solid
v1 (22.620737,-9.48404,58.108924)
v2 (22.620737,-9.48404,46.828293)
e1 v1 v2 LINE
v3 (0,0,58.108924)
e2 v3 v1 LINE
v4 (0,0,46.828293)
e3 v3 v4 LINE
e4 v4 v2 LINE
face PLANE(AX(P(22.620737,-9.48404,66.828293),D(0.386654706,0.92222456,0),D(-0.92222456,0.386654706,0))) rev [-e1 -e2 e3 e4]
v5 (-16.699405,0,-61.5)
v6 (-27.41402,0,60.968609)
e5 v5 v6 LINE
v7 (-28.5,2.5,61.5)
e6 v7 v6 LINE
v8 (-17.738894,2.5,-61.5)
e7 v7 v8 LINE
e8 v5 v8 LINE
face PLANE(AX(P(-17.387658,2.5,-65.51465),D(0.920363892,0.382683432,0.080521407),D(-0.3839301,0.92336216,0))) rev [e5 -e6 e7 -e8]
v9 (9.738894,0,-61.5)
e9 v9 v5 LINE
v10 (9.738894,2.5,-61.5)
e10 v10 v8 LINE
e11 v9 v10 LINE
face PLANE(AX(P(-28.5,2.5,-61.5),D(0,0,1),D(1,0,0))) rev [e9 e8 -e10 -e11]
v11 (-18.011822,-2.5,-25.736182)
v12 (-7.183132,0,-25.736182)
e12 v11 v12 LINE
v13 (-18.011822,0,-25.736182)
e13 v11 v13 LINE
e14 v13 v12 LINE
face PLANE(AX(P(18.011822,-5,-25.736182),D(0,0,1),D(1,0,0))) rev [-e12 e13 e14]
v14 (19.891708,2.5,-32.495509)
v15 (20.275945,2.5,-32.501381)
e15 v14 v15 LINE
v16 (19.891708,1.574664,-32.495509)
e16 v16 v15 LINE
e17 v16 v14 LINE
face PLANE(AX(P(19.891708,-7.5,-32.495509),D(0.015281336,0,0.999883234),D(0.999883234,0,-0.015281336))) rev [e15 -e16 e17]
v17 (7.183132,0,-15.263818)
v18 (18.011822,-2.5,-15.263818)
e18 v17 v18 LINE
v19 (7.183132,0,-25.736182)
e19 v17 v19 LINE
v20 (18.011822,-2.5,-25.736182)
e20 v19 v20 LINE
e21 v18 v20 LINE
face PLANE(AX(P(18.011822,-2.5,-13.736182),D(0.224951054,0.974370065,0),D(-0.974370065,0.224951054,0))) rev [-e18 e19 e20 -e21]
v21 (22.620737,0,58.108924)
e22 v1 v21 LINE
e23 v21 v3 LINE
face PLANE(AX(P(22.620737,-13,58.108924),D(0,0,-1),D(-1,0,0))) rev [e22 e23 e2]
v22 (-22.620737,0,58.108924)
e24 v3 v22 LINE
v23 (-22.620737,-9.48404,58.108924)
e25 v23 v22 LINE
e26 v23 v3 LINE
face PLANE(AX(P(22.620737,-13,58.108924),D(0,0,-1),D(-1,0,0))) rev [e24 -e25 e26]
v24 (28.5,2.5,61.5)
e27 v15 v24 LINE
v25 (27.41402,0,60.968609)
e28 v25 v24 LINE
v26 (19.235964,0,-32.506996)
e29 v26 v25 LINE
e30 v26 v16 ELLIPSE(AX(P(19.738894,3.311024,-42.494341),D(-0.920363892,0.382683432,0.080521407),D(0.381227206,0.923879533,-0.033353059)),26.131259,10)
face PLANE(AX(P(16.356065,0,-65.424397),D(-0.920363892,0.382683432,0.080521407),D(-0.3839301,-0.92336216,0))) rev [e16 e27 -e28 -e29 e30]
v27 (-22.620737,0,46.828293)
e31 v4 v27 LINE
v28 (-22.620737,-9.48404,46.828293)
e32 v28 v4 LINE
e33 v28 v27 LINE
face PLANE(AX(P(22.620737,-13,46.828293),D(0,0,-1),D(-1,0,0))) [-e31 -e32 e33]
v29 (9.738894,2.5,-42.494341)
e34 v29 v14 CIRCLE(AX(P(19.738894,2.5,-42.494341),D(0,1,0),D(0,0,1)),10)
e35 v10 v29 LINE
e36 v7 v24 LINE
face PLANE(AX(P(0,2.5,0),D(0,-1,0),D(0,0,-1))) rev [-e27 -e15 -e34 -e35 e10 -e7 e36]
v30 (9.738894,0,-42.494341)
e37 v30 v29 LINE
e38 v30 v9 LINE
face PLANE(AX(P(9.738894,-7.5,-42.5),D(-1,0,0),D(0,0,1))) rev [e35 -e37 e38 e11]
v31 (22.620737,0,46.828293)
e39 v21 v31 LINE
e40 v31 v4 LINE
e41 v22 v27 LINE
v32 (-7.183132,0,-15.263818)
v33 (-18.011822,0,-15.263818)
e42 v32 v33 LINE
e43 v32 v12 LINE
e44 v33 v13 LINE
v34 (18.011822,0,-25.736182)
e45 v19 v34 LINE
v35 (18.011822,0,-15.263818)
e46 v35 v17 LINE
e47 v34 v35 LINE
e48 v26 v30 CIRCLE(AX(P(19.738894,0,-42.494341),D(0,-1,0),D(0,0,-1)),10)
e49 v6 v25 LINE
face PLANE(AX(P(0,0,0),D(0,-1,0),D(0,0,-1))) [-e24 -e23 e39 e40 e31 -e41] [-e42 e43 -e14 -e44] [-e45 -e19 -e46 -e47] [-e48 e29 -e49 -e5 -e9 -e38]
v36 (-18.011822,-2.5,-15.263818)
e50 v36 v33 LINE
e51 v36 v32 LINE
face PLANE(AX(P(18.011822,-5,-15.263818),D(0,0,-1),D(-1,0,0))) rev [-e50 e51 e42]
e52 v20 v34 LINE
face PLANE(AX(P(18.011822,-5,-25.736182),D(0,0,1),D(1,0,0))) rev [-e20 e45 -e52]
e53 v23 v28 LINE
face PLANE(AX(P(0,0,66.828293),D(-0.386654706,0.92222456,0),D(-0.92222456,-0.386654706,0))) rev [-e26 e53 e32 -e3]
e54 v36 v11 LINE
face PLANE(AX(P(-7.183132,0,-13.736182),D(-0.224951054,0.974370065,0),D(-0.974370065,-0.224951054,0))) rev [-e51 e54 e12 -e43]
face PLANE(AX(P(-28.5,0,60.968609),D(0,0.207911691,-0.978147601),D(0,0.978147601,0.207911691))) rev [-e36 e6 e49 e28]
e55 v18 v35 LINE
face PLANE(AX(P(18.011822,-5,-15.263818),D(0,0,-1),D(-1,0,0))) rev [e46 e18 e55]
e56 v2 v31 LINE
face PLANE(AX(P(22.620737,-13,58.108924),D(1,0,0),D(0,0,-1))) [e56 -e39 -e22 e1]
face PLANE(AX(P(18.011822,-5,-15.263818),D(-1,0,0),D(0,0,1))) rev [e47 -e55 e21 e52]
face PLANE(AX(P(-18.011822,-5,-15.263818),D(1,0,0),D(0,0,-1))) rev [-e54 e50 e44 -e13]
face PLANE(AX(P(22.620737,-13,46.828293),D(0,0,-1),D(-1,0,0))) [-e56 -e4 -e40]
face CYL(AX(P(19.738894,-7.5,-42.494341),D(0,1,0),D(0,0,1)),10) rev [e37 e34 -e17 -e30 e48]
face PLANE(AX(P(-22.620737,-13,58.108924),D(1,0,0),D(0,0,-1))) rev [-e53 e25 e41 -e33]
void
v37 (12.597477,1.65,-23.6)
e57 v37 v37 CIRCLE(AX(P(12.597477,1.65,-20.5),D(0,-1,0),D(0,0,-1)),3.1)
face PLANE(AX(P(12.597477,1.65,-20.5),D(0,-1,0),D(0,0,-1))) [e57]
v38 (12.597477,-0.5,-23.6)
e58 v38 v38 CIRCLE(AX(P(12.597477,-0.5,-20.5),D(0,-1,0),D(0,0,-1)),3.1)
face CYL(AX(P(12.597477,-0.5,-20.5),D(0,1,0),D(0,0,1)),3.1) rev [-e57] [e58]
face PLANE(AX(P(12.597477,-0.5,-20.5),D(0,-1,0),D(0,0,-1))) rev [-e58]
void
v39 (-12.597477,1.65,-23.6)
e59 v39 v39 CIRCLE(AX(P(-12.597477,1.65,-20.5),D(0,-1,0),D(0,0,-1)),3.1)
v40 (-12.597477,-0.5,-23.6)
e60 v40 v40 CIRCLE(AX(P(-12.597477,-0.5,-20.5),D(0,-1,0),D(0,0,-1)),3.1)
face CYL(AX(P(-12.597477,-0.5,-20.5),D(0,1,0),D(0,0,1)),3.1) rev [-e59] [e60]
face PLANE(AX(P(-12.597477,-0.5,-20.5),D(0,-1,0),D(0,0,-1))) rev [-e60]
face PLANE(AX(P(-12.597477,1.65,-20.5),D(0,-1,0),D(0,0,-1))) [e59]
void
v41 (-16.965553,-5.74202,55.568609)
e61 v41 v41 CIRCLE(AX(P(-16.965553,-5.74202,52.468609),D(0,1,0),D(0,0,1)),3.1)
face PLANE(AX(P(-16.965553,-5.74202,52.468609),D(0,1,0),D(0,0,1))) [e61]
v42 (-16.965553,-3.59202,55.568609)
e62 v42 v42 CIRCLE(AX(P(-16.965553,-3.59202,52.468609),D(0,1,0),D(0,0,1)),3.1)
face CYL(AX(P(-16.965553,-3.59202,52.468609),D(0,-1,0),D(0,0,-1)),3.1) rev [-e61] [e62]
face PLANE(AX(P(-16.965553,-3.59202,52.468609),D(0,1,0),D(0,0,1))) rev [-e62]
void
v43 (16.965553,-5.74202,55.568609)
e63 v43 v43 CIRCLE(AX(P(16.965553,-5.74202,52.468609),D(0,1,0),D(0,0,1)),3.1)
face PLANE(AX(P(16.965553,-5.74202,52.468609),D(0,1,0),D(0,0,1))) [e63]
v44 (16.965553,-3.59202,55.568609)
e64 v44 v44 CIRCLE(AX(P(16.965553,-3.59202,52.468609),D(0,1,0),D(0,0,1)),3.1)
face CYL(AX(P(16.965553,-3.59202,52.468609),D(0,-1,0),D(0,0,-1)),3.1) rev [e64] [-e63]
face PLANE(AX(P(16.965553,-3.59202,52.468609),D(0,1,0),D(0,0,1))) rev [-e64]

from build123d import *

# Parameters (mm, degrees)
SKIZZE1_W                            = 57
SKIZZE1_H                            = 123
AUFSATZ_LINEAR_AUSTRAGEN1_DEPTH      = 2.5
SCHNITT_LINEAR_AUSTRAGEN1_DEPTH      = 84.889808678
SCHNITT_LINEAR_AUSTRAGEN2_DEPTH      = 68.828828679
SCHNITT_LINEAR_AUSTRAGEN3_DEPTH      = 70.726045338
SCHNITT_LINEAR_AUSTRAGEN3_DEPTH_BACK = 70.726045338
SCHNITT_LINEAR_AUSTRAGEN4_DEPTH      = 70.47454308
SCHNITT_LINEAR_AUSTRAGEN4_DEPTH_BACK = 70.47454308
SKIZZE9_W                            = 45.241474544
SKIZZE9_H                            = 11.280630507
AUFSATZ_LINEAR_AUSTRAGEN2_DEPTH      = 13
SCHNITT_LINEAR_AUSTRAGEN5_DEPTH      = 20
SKIZZE12_W                           = 36.023643564
SKIZZE12_H                           = 10.472363364
AUFSATZ_LINEAR_AUSTRAGEN3_DEPTH      = 5
SCHNITT_LINEAR_AUSTRAGEN6_DEPTH      = 12
SCHNITT_LINEAR_AUSTRAGEN8_DEPTH      = 0.5
SCHNITT_LINEAR_AUSTRAGEN8_DEPTH_BACK = 1.65
SKIZZE16_R                           = 3.1
SCHNITT_LINEAR_AUSTRAGEN9_DEPTH      = 1.15
SCHNITT_LINEAR_AUSTRAGEN9_DEPTH_BACK = 1
SKIZZE17_R                           = 3.1
SCHNITT_LINEAR_AUSTRAGEN10_DEPTH     = 10


with BuildPart() as part:
    # Skizze1 → Aufsatz-Linear austragen1 (new body)
    with BuildSketch(Plane(origin=(0, 0, 0), x_dir=(1, 0, 0), z_dir=(0, 1, 0))):
        Rectangle(SKIZZE1_W, SKIZZE1_H)
    extrude(amount=AUFSATZ_LINEAR_AUSTRAGEN1_DEPTH)

    # Skizze2 → Schnitt-Linear austragen1 (cut, through all)
    with BuildSketch(Plane(origin=(28.5, 0, 0), x_dir=(0, 0, -1), z_dir=(1, 0, 0))):
        Polygon((-61.5, 2.5), (-61.5, 0), (-60.968608596, 0), align=None)
    extrude(amount=-SCHNITT_LINEAR_AUSTRAGEN1_DEPTH, mode=Mode.SUBTRACT)

    # Skizze3 → Schnitt-Linear austragen2 (cut, through all)
    with BuildSketch(Plane(origin=(0, 2.5, 0), x_dir=(1, 0, 0), z_dir=(0, 1, 0))):
        Polygon((-28.5, -61.5), (-17.738894386, 61.5), (-28.5, 61.5), align=None)
        Polygon((28.5, -61.5), (17.738894386, 61.5), (28.5, 61.5), align=None)
    extrude(amount=-SCHNITT_LINEAR_AUSTRAGEN2_DEPTH, mode=Mode.SUBTRACT)

    # Skizze5 → Schnitt-Linear austragen3 (cut, two sides: drawn at the far end of the back side and taken through both)
    with BuildSketch(Plane(origin=(0.175618176, 0, 2.007324937), x_dir=(0, -1, 0), z_dir=(0.08715574274765484, 0, 0.9961946980917459)).offset(-SCHNITT_LINEAR_AUSTRAGEN3_DEPTH_BACK)):
        Polygon((0.008562414, 23.031470717), (-2.5, 23.031470717), (0, 21.995936811), align=None)
    extrude(amount=SCHNITT_LINEAR_AUSTRAGEN3_DEPTH + SCHNITT_LINEAR_AUSTRAGEN3_DEPTH_BACK, mode=Mode.SUBTRACT)

    # Skizze6 → Schnitt-Linear austragen4 (cut, two sides: drawn at the far end of the back side and taken through both)
    with BuildSketch(Plane(origin=(-0.152372814, 0, 1.741629235), x_dir=(0, 1, 0), z_dir=(-0.08715574274766175, 0, 0.9961946980917452)).offset(-SCHNITT_LINEAR_AUSTRAGEN4_DEPTH_BACK)):
        Polygon((2.5, 23.031470717), (0, 21.995936811), (0, 23.031470717), align=None)
    extrude(amount=SCHNITT_LINEAR_AUSTRAGEN4_DEPTH + SCHNITT_LINEAR_AUSTRAGEN4_DEPTH_BACK, mode=Mode.SUBTRACT)

    # Skizze9 → Aufsatz-Linear austragen2 (add)
    with BuildSketch(Plane.XZ):
        with Locations((0, 52.468608596)):
            Rectangle(SKIZZE9_W, SKIZZE9_H)
    extrude(amount=AUFSATZ_LINEAR_AUSTRAGEN2_DEPTH)

    # Skizze11 → Schnitt-Linear austragen5 (cut)
    with BuildSketch(Plane(origin=(0, 0, 46.828293342), x_dir=(-1, 0, 0), z_dir=(0, 0, -1))):
        Polygon((-22.620737272, -9.484039906), (0, 0), (22.620737272, -9.484039906), (22.620737272, -13), (-22.620737272, -13), align=None)
    extrude(amount=-SCHNITT_LINEAR_AUSTRAGEN5_DEPTH, mode=Mode.SUBTRACT)

    # Skizze12 → Aufsatz-Linear austragen3 (add)
    with BuildSketch(Plane.XZ):
        with Locations((0, -20.5)):
            Rectangle(SKIZZE12_W, SKIZZE12_H)
    extrude(amount=AUFSATZ_LINEAR_AUSTRAGEN3_DEPTH)

    # Skizze13 → Schnitt-Linear austragen6 (cut)
    with BuildSketch(Plane(origin=(0, 0, -25.736181682), x_dir=(-1, 0, 0), z_dir=(0, 0, -1))):
        Polygon((-18.011821782, -2.5), (-7.183132097, 0), (7.183132097, 0), (18.011821782, -2.5), (18.011821782, -5), (-18.011821782, -5), align=None)
    extrude(amount=-SCHNITT_LINEAR_AUSTRAGEN6_DEPTH, mode=Mode.SUBTRACT)

    # Skizze16 → Schnitt-Linear austragen8 (cut, two sides: drawn at the far end of the back side and taken through both)
    with BuildSketch(Plane.XZ.offset(-SCHNITT_LINEAR_AUSTRAGEN8_DEPTH_BACK)):
        with Locations((12.59747694, -20.5)):
            Circle(SKIZZE16_R)
        with Locations((-12.59747694, -20.5)):
            Circle(SKIZZE16_R)
    extrude(amount=SCHNITT_LINEAR_AUSTRAGEN8_DEPTH + SCHNITT_LINEAR_AUSTRAGEN8_DEPTH_BACK, mode=Mode.SUBTRACT)

    # Skizze17 → Schnitt-Linear austragen9 (cut, two sides: drawn at the far end of the back side and taken through both)
    with BuildSketch(Plane(origin=(0, -4.742019953, 0), x_dir=(1, 0, 0), z_dir=(0, 1, 0)).offset(-SCHNITT_LINEAR_AUSTRAGEN9_DEPTH_BACK)):
        with Locations((-16.965552954, -52.468608596)):
            Circle(SKIZZE17_R)
        with Locations((16.965552954, -52.468608596)):
            Circle(SKIZZE17_R)
    extrude(amount=SCHNITT_LINEAR_AUSTRAGEN9_DEPTH + SCHNITT_LINEAR_AUSTRAGEN9_DEPTH_BACK, mode=Mode.SUBTRACT)

    # Skizze18 → Schnitt-Linear austragen10 (cut)
    with BuildSketch(Plane(origin=(0, 2.5, 0), x_dir=(1, 0, 0), z_dir=(0, 1, 0))):
        with BuildLine():
            Line((17.738894386, 61.5), (9.738894386, 61.5))
            Line((9.738894386, 61.5), (9.738894386, 42.5))
            Line((9.738894386, 42.5), (9.738894386, 42.494341137))
            ThreePointArc((9.738894386, 42.494341137), (12.722062254, 35.369450483), (19.891707751, 32.495508801))
            Line((19.891707751, 32.495508801), (20.275944794, 32.501381142))
            Line((20.275944794, 32.501381142), (17.738894386, 61.5))
        make_face()
    extrude(amount=-SCHNITT_LINEAR_AUSTRAGEN10_DEPTH, mode=Mode.SUBTRACT)


solid = part.part
